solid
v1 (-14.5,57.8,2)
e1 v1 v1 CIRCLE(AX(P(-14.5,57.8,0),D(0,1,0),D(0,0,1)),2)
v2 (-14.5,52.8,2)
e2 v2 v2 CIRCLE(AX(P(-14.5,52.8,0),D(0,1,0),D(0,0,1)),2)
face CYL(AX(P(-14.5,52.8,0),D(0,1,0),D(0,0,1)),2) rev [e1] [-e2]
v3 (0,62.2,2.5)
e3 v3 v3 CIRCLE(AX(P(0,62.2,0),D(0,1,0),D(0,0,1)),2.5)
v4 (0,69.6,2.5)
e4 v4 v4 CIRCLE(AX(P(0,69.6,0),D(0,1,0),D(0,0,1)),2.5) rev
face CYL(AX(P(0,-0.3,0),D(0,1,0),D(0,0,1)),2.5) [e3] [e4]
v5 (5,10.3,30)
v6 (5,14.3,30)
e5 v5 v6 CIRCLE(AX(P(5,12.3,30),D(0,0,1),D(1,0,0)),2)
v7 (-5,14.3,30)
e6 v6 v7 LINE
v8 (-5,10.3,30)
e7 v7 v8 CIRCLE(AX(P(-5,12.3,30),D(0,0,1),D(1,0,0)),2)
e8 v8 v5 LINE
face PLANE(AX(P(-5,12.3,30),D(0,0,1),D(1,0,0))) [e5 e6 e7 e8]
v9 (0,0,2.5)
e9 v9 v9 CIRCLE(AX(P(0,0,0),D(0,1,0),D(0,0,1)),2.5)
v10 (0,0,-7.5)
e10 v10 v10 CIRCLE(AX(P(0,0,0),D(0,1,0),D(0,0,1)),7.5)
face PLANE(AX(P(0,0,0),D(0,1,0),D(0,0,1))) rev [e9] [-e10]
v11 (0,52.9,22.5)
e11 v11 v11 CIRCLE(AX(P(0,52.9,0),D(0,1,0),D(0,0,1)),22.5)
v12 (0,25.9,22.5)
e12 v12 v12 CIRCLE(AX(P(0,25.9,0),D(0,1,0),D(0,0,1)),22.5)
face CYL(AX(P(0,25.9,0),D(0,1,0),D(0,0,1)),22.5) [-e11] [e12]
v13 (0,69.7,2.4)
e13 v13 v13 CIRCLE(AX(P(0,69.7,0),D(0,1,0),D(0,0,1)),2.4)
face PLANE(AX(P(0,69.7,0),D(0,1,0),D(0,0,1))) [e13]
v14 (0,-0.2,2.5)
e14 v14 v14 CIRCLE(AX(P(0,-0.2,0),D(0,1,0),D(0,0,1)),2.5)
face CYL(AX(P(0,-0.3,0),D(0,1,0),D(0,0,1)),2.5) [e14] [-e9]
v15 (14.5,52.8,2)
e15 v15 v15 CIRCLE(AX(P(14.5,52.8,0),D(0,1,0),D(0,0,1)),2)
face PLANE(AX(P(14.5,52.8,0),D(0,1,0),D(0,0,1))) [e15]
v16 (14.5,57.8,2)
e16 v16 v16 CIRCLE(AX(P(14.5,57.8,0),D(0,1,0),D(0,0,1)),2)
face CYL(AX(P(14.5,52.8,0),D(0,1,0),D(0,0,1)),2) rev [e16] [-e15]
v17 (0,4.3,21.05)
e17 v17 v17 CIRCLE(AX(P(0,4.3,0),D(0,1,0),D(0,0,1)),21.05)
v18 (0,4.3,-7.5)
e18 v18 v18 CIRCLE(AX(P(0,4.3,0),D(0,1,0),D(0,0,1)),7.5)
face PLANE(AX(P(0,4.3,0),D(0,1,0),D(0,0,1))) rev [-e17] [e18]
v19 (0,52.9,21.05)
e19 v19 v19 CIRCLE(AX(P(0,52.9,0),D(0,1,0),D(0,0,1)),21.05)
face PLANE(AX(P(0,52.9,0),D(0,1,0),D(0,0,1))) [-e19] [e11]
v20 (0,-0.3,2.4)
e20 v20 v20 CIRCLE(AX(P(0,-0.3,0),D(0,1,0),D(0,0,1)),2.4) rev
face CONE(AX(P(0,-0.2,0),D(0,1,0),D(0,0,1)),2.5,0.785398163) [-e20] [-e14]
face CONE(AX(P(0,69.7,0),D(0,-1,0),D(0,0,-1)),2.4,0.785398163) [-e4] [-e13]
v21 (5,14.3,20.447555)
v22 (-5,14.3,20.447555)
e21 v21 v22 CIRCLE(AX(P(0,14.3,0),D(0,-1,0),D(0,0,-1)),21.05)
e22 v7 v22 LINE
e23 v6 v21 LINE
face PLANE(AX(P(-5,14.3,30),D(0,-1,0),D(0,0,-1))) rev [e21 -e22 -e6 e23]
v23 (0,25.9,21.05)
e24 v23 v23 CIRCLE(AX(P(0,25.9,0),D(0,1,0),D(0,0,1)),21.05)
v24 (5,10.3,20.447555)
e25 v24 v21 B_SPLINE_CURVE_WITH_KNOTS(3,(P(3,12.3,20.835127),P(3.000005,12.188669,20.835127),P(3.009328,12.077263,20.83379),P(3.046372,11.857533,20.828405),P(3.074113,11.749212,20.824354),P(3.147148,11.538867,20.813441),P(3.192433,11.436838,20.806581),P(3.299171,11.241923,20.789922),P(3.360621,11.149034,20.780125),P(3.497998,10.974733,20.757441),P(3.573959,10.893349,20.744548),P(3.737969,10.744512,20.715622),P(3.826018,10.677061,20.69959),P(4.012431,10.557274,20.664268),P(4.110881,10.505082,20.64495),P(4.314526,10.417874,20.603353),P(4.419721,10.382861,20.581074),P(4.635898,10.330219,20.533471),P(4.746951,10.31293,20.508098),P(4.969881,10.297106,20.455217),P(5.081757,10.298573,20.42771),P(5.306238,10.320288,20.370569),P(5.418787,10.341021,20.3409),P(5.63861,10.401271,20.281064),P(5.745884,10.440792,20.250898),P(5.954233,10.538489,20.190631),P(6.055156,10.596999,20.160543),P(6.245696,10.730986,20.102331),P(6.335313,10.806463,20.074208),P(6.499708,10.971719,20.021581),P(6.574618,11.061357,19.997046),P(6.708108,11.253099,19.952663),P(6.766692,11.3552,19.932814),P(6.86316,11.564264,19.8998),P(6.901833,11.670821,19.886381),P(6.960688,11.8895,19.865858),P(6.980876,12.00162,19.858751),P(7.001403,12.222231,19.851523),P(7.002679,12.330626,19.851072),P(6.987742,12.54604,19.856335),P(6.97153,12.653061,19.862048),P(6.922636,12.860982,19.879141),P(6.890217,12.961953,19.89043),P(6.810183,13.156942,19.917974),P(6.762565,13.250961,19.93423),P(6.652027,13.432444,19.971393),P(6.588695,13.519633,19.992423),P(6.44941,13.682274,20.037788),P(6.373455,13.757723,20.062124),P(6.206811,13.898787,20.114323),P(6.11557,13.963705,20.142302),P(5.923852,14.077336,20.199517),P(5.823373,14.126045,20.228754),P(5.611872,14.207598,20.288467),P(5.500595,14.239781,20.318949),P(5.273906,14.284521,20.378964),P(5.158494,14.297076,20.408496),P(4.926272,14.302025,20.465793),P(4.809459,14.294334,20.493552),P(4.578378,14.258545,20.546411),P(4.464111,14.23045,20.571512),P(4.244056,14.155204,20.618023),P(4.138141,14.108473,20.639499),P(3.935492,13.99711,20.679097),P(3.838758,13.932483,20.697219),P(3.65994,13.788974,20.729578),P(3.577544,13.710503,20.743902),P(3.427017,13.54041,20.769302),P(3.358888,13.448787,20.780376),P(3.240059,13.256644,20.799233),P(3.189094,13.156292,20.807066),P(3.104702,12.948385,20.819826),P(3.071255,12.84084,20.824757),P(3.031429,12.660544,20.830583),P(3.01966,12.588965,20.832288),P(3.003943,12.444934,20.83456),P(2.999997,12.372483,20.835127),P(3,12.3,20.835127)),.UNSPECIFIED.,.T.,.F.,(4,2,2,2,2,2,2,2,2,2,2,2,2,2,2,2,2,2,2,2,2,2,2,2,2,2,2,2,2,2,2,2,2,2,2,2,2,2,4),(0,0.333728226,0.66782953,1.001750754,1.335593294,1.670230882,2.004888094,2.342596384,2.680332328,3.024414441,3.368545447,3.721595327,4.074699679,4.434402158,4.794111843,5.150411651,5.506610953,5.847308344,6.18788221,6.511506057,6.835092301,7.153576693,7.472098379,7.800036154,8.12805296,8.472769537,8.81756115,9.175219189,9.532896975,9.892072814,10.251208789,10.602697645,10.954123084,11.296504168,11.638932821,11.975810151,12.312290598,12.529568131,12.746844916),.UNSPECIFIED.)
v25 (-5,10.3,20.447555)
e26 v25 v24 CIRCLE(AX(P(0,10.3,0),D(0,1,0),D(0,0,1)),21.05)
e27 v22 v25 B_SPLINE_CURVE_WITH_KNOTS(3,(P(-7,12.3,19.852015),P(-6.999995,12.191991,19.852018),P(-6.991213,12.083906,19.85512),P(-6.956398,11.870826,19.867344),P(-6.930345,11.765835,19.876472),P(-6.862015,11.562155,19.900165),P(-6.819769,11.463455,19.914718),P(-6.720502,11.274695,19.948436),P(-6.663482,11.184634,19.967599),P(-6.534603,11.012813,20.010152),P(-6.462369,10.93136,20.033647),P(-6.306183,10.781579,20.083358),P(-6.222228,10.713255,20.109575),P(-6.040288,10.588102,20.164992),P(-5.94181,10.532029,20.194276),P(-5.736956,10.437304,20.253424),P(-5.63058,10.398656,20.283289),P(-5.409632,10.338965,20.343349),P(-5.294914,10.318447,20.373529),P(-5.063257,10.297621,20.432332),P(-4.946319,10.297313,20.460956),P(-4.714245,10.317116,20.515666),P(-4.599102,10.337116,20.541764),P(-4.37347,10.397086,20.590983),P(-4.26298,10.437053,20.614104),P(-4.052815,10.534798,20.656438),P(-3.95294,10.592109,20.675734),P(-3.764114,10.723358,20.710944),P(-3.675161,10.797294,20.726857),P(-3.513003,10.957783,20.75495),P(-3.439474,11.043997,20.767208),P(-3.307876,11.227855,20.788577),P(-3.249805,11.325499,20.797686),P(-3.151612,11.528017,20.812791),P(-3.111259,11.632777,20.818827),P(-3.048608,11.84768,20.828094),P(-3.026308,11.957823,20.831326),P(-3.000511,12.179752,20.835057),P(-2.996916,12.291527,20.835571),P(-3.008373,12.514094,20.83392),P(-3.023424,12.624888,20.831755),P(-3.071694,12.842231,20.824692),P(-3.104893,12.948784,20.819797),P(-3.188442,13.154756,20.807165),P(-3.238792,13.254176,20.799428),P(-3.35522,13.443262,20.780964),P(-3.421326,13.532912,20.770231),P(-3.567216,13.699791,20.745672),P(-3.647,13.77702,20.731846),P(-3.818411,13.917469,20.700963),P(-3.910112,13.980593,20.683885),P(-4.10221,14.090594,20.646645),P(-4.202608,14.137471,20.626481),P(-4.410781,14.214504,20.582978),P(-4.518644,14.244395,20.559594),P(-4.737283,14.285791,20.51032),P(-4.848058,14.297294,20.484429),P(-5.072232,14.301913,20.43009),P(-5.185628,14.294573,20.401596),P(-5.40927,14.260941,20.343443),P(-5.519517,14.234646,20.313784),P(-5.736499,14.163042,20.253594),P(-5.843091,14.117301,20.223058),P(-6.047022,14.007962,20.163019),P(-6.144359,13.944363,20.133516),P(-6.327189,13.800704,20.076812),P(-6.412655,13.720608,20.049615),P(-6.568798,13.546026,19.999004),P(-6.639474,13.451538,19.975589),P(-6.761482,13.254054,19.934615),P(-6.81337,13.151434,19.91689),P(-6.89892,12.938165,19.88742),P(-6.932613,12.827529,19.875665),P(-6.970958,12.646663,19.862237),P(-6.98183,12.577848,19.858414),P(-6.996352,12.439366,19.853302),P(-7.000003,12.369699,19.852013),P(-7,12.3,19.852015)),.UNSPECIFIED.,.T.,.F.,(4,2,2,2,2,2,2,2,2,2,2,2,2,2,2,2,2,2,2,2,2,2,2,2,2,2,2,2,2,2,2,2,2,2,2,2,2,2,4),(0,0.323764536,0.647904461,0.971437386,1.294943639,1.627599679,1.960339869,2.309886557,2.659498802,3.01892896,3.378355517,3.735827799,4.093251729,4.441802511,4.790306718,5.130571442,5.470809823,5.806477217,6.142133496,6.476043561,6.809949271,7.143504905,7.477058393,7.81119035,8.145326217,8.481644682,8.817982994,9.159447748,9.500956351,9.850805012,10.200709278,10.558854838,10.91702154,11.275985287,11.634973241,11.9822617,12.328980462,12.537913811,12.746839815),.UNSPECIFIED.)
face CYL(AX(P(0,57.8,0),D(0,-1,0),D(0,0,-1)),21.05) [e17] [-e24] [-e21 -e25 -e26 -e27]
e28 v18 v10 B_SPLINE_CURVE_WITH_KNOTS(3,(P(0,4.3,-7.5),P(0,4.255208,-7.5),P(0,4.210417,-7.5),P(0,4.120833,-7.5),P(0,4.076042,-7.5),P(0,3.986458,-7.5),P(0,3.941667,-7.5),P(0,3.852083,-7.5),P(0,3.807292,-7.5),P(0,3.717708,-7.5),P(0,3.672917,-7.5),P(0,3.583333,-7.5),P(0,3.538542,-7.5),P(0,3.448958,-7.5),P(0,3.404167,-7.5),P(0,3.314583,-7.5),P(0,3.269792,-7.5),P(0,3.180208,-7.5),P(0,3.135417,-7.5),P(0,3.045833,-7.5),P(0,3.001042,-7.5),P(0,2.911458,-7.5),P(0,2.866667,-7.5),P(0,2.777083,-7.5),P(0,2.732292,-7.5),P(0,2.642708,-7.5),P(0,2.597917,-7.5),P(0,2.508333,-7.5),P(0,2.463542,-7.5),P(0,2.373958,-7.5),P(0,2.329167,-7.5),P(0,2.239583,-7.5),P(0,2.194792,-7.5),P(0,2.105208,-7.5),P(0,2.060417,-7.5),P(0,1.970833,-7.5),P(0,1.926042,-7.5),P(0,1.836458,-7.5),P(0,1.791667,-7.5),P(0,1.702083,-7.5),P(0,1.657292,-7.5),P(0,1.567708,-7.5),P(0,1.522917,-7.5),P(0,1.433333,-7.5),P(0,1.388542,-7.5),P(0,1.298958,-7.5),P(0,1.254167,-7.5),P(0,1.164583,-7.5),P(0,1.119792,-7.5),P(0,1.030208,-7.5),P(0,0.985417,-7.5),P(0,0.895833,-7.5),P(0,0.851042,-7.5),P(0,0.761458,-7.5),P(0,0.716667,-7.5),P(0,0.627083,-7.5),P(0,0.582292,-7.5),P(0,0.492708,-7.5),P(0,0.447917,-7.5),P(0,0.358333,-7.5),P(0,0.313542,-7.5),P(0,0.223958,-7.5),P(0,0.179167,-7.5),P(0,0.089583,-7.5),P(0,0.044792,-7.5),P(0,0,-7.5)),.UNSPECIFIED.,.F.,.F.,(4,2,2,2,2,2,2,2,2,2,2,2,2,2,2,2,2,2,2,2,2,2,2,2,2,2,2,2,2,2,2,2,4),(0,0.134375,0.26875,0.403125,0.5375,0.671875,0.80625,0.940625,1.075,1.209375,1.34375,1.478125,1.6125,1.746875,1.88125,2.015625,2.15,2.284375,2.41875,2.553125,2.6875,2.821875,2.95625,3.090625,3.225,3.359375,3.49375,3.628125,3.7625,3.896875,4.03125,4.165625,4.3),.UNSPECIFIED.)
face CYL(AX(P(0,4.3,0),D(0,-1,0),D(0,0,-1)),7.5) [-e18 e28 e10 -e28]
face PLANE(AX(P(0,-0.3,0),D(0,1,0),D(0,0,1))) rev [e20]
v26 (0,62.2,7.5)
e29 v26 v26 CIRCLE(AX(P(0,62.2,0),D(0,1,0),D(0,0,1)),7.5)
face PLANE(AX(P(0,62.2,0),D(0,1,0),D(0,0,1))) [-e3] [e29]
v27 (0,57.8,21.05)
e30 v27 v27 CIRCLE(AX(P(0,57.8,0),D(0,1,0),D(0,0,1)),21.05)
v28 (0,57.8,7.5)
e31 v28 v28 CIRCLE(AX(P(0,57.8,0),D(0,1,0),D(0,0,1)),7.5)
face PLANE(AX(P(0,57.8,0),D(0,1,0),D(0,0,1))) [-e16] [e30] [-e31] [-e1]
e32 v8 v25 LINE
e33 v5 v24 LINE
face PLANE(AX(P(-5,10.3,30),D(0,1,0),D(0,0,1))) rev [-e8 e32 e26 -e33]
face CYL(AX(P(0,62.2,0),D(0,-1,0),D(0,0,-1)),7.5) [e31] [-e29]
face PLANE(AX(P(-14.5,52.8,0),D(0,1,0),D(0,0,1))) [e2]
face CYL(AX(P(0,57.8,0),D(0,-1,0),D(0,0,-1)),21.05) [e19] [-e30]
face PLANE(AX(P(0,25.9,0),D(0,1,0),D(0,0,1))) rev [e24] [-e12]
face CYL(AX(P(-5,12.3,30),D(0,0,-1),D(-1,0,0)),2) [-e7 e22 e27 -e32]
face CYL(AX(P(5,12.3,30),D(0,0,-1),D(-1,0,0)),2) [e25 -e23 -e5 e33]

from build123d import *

# Parameters (mm, degrees)
SKETCH_1_R          = 7.5
EXTRUDE_1_DEPTH     = 4.3
SKETCH_2_R          = 21.05
EXTRUDE_2_DEPTH     = 53.5
SKETCH_3_R          = 7.5
EXTRUDE_3_DEPTH     = 4.4
SKETCH_5_R          = 22.5
EXTRUDE_5_DEPTH     = 27
SKETCH_6_R          = 2.5
EXTRUDE_6_DEPTH     = 70
SKETCH_7_R          = 2
CUT_EXTRUDE_1_DEPTH = 5
CHAMFER_1_SIZE      = 0.1
EXTRUDE_7_DEPTH     = 30


with BuildPart() as part:
    # ｽｹｯﾁ1 → ﾎﾞｽ - 押し出し1 (new body)
    with BuildSketch(Plane(origin=(0, 0, 0), x_dir=(1, 0, 0), z_dir=(0, 1, 0))):
        with Locations(Location((0, 0, 0), (0, 0, 90))):
            Circle(SKETCH_1_R)
    extrude(amount=EXTRUDE_1_DEPTH)

    # ｽｹｯﾁ2 → ﾎﾞｽ - 押し出し2 (add)
    with BuildSketch(Plane(origin=(0, 4.3, 0), x_dir=(1, 0, 0), z_dir=(0, 1, 0))):
        with Locations(Location((0, 0, 0), (0, 0, 270))):
            Circle(SKETCH_2_R)
    extrude(amount=EXTRUDE_2_DEPTH)

    # ｽｹｯﾁ3 → ﾎﾞｽ - 押し出し3 (add)
    with BuildSketch(Plane(origin=(0, 57.8, 0), x_dir=(1, 0, 0), z_dir=(0, 1, 0))):
        with Locations(Location((0, 0, 0), (0, 0, 90))):
            Circle(SKETCH_3_R)
    extrude(amount=EXTRUDE_3_DEPTH)

    # ｽｹｯﾁ5 → ﾎﾞｽ - 押し出し5 (add)
    with BuildSketch(Plane(origin=(0, 52.9, 0), x_dir=(1, 0, 0), z_dir=(0, 1, 0))):
        with Locations(Location((0, 0, 0), (0, 0, 270))):
            Circle(SKETCH_5_R)
    extrude(amount=-EXTRUDE_5_DEPTH)

    # ｽｹｯﾁ6 → ﾎﾞｽ - 押し出し6 (add)
    with BuildSketch(Plane(origin=(0, 69.7, 0), x_dir=(1, 0, 0), z_dir=(0, 1, 0))):
        with Locations(Location((0, 0, 0), (0, 0, 270))):
            Circle(SKETCH_6_R)
    extrude(amount=-EXTRUDE_6_DEPTH)

    # ｽｹｯﾁ7 → ｶｯﾄ - 押し出し1 (cut)
    with BuildSketch(Plane(origin=(0, 57.8, 0), x_dir=(1, 0, 0), z_dir=(0, 1, 0))):
        with Locations(Location((14.5, 0, 0), (0, 0, 270))):
            Circle(SKETCH_7_R)
        with Locations(Location((-14.5, 0, 0), (0, 0, 270))):
            Circle(SKETCH_7_R)
    extrude(amount=-CUT_EXTRUDE_1_DEPTH, mode=Mode.SUBTRACT)

    # 面取り1
    chamfer_1_edges = [part.edges().sort_by_distance(p)[0] for p in [
        (0, -0.3, -2.5),
        (0, 69.7, -2.5),
    ]]
    chamfer(chamfer_1_edges, length=CHAMFER_1_SIZE)

    # ｽｹｯﾁ8 → ﾎﾞｽ - 押し出し7 (add)
    with BuildSketch(Plane.XY):
        with BuildLine():
            Line((-5, 14.3), (5, 14.3))
            ThreePointArc((5, 14.3), (7, 12.3), (5, 10.3))
            Line((5, 10.3), (-5, 10.3))
            ThreePointArc((-5, 10.3), (-7, 12.3), (-5, 14.3))
        make_face()
    extrude(amount=EXTRUDE_7_DEPTH)


solid = part.part
